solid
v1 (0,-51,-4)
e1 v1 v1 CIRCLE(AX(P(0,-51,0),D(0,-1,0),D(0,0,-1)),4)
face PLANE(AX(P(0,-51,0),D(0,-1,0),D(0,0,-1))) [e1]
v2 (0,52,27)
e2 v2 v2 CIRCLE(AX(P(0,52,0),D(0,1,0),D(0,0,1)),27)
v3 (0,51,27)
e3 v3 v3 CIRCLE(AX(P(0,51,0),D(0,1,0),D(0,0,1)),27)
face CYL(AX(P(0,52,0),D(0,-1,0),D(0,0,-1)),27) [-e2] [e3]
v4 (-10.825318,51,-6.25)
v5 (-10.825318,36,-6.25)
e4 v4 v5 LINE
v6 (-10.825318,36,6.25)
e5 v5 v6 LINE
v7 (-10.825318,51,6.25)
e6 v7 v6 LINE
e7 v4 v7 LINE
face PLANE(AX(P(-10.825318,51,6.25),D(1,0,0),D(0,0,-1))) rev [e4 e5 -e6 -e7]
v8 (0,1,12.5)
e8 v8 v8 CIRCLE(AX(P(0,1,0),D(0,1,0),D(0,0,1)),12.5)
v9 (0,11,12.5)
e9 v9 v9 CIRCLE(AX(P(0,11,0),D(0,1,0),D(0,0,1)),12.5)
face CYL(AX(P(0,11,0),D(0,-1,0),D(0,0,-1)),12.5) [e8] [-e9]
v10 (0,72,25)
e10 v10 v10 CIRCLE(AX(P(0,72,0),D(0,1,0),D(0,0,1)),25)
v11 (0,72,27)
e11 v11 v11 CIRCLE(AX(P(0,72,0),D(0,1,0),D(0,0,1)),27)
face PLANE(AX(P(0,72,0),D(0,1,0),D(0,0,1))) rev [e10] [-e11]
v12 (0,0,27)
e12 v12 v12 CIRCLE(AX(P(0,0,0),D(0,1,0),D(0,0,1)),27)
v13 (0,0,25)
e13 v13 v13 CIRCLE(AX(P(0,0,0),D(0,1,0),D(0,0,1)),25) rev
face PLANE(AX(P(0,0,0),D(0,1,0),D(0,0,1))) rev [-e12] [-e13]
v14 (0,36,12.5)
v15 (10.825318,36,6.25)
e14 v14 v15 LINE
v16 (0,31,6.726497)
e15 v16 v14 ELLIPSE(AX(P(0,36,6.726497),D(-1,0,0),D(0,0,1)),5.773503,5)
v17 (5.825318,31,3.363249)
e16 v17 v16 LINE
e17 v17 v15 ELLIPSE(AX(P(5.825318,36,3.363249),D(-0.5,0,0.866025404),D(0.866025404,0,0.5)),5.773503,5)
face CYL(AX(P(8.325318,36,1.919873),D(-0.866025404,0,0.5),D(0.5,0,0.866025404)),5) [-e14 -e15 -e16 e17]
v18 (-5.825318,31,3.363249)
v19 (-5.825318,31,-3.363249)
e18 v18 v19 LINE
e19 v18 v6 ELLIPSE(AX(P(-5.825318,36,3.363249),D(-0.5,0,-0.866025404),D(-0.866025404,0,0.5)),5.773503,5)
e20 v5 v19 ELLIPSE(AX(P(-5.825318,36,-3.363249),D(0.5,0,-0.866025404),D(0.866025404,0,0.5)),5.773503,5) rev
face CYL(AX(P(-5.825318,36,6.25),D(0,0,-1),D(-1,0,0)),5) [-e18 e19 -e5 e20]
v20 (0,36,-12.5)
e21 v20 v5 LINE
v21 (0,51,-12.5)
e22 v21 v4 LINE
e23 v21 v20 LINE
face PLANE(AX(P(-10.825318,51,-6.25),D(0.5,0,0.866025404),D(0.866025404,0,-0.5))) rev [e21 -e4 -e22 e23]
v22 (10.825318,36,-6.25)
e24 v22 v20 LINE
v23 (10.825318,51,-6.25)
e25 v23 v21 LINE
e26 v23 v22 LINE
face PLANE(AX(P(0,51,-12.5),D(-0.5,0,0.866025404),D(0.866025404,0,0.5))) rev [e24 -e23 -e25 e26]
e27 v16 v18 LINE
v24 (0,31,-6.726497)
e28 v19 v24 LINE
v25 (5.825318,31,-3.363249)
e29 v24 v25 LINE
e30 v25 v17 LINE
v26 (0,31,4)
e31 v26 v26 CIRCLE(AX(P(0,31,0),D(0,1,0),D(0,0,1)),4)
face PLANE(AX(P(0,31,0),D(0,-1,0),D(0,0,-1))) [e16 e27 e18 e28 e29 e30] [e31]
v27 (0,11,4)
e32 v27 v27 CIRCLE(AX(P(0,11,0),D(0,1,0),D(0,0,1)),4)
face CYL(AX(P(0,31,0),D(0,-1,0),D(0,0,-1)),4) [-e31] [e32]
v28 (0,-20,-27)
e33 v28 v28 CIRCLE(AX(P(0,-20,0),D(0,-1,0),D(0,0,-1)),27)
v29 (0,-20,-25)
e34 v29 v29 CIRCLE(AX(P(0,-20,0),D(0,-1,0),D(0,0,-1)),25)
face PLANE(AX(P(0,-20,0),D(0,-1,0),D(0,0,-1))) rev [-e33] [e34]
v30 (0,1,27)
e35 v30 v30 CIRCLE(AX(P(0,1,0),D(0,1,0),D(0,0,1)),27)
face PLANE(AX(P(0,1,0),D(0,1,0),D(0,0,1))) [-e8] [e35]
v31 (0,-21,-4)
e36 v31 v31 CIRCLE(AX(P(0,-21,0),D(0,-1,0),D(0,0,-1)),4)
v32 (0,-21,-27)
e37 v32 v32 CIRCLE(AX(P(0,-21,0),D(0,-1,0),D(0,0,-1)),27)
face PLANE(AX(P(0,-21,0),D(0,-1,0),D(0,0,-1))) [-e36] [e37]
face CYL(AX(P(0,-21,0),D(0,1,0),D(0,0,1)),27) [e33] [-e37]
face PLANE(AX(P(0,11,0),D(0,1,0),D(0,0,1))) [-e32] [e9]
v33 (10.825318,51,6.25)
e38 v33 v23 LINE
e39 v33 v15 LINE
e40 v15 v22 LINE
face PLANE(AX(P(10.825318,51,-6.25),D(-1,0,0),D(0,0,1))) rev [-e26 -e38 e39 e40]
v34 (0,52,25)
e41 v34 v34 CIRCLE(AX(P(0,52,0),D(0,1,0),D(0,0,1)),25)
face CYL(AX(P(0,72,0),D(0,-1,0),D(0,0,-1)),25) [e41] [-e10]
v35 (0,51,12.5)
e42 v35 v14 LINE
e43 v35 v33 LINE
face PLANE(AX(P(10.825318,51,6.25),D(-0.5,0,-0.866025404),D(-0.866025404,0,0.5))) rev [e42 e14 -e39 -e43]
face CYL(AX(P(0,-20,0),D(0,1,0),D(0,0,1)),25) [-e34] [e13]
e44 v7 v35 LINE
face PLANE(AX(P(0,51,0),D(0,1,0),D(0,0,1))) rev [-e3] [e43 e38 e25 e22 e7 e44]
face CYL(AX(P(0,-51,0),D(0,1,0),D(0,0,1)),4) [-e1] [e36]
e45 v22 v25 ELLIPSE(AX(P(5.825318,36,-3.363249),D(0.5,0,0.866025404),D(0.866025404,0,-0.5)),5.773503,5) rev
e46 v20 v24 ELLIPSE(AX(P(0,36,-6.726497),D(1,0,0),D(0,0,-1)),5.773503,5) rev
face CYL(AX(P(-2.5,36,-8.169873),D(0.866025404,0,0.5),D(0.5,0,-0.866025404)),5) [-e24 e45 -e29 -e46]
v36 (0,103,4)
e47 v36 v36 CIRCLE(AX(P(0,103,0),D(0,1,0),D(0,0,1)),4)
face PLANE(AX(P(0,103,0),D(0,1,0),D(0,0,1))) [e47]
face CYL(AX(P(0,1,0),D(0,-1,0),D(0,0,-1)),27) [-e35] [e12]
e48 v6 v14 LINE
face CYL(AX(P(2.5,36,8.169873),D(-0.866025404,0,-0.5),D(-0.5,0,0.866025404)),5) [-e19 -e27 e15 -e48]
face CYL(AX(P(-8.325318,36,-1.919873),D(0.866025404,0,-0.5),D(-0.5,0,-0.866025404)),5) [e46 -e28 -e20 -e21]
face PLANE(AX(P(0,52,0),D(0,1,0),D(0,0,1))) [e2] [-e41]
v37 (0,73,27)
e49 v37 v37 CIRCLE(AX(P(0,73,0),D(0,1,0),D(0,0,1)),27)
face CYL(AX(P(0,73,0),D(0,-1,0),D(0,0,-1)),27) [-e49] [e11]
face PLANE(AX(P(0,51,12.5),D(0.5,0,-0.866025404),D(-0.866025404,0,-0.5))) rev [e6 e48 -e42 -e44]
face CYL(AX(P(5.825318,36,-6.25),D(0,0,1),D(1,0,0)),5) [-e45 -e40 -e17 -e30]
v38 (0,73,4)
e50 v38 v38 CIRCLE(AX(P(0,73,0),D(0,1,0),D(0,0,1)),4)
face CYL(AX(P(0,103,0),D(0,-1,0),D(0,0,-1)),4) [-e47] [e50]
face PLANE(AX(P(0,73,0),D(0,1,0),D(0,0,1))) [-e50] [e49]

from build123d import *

# Parameters (mm, degrees)
SKETCH2_R            = 27
BOSS_EXTRUDE1_DEPTH  = 1
SKETCH3_R            = 12.5
BOSS_EXTRUDE2_DEPTH  = 10
SKETCH4_R            = 4
BOSS_EXTRUDE3_DEPTH  = 20
BOSS_EXTRUDE4_DEPTH  = 20
FILLET1_R            = 5
SKETCH6_R            = 27
BOSS_EXTRUDE5_DEPTH  = 1
SKETCH7_R            = 25
BOSS_EXTRUDE6_DEPTH  = 20
SKETCH8_R            = 27
BOSS_EXTRUDE7_DEPTH  = 1
SKETCH9_R            = 4
BOSS_EXTRUDE8_DEPTH  = 30
SKETCH10_R           = 25
BOSS_EXTRUDE9_DEPTH  = 20
SKETCH11_R           = 27
BOSS_EXTRUDE10_DEPTH = 1
SKETCH12_R           = 4
BOSS_EXTRUDE11_DEPTH = 30


with BuildPart() as part:
    # Sketch2 → Boss-Extrude1 (new body)
    with BuildSketch(Plane(origin=(0, 0, 0), x_dir=(1, 0, 0), z_dir=(0, 1, 0))):
        Circle(SKETCH2_R)
    extrude(amount=BOSS_EXTRUDE1_DEPTH)

    # Sketch3 → Boss-Extrude2 (add)
    with BuildSketch(Plane(origin=(0, 1, 0), x_dir=(1, 0, 0), z_dir=(0, 1, 0))):
        Circle(SKETCH3_R)
    extrude(amount=BOSS_EXTRUDE2_DEPTH)

    # Sketch4 → Boss-Extrude3 (add)
    with BuildSketch(Plane(origin=(0, 11, 0), x_dir=(1, 0, 0), z_dir=(0, 1, 0))):
        Circle(SKETCH4_R)
    extrude(amount=BOSS_EXTRUDE3_DEPTH)

    # Sketch5 → Boss-Extrude4 (add)
    with BuildSketch(Plane(origin=(0, 31, 0), x_dir=(1, 0, 0), z_dir=(0, 1, 0))):
        Polygon((0, 12.5), (10.825317547, 6.25), (10.825317547, -6.25), (0, -12.5), (-10.825317547, -6.25), (-10.825317547, 6.25), align=None)
    extrude(amount=BOSS_EXTRUDE4_DEPTH)

    # Fillet1
    fillet1_edges = [part.edges().sort_by_distance(p)[0] for p in [
        (-5.412658774, 31, -9.375),
        (-10.825317547, 31, 0),
        (-5.412658774, 31, 9.375),
        (5.412658774, 31, 9.375),
        (10.825317547, 31, 0),
        (5.412658774, 31, -9.375),
    ]]
    fillet(fillet1_edges, radius=FILLET1_R)

    # Sketch6 → Boss-Extrude5 (add)
    with BuildSketch(Plane(origin=(0, 51, 0), x_dir=(1, 0, 0), z_dir=(0, 1, 0))):
        Circle(SKETCH6_R)
    extrude(amount=BOSS_EXTRUDE5_DEPTH)

    # Sketch7 → Boss-Extrude6 (add)
    with BuildSketch(Plane(origin=(0, 52, 0), x_dir=(1, 0, 0), z_dir=(0, 1, 0))):
        Circle(SKETCH7_R)
    extrude(amount=BOSS_EXTRUDE6_DEPTH)

    # Sketch8 → Boss-Extrude7 (add)
    with BuildSketch(Plane(origin=(0, 72, 0), x_dir=(1, 0, 0), z_dir=(0, 1, 0))):
        Circle(SKETCH8_R)
    extrude(amount=BOSS_EXTRUDE7_DEPTH)

    # Sketch9 → Boss-Extrude8 (add)
    with BuildSketch(Plane(origin=(0, 73, 0), x_dir=(1, 0, 0), z_dir=(0, 1, 0))):
        Circle(SKETCH9_R)
    extrude(amount=BOSS_EXTRUDE8_DEPTH)

    # Sketch10 → Boss-Extrude9 (add)
    with BuildSketch(Plane(origin=(0, 0, 0), x_dir=(-1, 0, 0), z_dir=(0, -1, 0))):
        Circle(SKETCH10_R)
    extrude(amount=BOSS_EXTRUDE9_DEPTH)

    # Sketch11 → Boss-Extrude10 (add)
    with BuildSketch(Plane(origin=(0, -20, 0), x_dir=(-1, 0, 0), z_dir=(0, -1, 0))):
        Circle(SKETCH11_R)
    extrude(amount=BOSS_EXTRUDE10_DEPTH)

    # Sketch12 → Boss-Extrude11 (add)
    with BuildSketch(Plane(origin=(0, -21, 0), x_dir=(-1, 0, 0), z_dir=(0, -1, 0))):
        Circle(SKETCH12_R)
    extrude(amount=BOSS_EXTRUDE11_DEPTH)


solid = part.part
